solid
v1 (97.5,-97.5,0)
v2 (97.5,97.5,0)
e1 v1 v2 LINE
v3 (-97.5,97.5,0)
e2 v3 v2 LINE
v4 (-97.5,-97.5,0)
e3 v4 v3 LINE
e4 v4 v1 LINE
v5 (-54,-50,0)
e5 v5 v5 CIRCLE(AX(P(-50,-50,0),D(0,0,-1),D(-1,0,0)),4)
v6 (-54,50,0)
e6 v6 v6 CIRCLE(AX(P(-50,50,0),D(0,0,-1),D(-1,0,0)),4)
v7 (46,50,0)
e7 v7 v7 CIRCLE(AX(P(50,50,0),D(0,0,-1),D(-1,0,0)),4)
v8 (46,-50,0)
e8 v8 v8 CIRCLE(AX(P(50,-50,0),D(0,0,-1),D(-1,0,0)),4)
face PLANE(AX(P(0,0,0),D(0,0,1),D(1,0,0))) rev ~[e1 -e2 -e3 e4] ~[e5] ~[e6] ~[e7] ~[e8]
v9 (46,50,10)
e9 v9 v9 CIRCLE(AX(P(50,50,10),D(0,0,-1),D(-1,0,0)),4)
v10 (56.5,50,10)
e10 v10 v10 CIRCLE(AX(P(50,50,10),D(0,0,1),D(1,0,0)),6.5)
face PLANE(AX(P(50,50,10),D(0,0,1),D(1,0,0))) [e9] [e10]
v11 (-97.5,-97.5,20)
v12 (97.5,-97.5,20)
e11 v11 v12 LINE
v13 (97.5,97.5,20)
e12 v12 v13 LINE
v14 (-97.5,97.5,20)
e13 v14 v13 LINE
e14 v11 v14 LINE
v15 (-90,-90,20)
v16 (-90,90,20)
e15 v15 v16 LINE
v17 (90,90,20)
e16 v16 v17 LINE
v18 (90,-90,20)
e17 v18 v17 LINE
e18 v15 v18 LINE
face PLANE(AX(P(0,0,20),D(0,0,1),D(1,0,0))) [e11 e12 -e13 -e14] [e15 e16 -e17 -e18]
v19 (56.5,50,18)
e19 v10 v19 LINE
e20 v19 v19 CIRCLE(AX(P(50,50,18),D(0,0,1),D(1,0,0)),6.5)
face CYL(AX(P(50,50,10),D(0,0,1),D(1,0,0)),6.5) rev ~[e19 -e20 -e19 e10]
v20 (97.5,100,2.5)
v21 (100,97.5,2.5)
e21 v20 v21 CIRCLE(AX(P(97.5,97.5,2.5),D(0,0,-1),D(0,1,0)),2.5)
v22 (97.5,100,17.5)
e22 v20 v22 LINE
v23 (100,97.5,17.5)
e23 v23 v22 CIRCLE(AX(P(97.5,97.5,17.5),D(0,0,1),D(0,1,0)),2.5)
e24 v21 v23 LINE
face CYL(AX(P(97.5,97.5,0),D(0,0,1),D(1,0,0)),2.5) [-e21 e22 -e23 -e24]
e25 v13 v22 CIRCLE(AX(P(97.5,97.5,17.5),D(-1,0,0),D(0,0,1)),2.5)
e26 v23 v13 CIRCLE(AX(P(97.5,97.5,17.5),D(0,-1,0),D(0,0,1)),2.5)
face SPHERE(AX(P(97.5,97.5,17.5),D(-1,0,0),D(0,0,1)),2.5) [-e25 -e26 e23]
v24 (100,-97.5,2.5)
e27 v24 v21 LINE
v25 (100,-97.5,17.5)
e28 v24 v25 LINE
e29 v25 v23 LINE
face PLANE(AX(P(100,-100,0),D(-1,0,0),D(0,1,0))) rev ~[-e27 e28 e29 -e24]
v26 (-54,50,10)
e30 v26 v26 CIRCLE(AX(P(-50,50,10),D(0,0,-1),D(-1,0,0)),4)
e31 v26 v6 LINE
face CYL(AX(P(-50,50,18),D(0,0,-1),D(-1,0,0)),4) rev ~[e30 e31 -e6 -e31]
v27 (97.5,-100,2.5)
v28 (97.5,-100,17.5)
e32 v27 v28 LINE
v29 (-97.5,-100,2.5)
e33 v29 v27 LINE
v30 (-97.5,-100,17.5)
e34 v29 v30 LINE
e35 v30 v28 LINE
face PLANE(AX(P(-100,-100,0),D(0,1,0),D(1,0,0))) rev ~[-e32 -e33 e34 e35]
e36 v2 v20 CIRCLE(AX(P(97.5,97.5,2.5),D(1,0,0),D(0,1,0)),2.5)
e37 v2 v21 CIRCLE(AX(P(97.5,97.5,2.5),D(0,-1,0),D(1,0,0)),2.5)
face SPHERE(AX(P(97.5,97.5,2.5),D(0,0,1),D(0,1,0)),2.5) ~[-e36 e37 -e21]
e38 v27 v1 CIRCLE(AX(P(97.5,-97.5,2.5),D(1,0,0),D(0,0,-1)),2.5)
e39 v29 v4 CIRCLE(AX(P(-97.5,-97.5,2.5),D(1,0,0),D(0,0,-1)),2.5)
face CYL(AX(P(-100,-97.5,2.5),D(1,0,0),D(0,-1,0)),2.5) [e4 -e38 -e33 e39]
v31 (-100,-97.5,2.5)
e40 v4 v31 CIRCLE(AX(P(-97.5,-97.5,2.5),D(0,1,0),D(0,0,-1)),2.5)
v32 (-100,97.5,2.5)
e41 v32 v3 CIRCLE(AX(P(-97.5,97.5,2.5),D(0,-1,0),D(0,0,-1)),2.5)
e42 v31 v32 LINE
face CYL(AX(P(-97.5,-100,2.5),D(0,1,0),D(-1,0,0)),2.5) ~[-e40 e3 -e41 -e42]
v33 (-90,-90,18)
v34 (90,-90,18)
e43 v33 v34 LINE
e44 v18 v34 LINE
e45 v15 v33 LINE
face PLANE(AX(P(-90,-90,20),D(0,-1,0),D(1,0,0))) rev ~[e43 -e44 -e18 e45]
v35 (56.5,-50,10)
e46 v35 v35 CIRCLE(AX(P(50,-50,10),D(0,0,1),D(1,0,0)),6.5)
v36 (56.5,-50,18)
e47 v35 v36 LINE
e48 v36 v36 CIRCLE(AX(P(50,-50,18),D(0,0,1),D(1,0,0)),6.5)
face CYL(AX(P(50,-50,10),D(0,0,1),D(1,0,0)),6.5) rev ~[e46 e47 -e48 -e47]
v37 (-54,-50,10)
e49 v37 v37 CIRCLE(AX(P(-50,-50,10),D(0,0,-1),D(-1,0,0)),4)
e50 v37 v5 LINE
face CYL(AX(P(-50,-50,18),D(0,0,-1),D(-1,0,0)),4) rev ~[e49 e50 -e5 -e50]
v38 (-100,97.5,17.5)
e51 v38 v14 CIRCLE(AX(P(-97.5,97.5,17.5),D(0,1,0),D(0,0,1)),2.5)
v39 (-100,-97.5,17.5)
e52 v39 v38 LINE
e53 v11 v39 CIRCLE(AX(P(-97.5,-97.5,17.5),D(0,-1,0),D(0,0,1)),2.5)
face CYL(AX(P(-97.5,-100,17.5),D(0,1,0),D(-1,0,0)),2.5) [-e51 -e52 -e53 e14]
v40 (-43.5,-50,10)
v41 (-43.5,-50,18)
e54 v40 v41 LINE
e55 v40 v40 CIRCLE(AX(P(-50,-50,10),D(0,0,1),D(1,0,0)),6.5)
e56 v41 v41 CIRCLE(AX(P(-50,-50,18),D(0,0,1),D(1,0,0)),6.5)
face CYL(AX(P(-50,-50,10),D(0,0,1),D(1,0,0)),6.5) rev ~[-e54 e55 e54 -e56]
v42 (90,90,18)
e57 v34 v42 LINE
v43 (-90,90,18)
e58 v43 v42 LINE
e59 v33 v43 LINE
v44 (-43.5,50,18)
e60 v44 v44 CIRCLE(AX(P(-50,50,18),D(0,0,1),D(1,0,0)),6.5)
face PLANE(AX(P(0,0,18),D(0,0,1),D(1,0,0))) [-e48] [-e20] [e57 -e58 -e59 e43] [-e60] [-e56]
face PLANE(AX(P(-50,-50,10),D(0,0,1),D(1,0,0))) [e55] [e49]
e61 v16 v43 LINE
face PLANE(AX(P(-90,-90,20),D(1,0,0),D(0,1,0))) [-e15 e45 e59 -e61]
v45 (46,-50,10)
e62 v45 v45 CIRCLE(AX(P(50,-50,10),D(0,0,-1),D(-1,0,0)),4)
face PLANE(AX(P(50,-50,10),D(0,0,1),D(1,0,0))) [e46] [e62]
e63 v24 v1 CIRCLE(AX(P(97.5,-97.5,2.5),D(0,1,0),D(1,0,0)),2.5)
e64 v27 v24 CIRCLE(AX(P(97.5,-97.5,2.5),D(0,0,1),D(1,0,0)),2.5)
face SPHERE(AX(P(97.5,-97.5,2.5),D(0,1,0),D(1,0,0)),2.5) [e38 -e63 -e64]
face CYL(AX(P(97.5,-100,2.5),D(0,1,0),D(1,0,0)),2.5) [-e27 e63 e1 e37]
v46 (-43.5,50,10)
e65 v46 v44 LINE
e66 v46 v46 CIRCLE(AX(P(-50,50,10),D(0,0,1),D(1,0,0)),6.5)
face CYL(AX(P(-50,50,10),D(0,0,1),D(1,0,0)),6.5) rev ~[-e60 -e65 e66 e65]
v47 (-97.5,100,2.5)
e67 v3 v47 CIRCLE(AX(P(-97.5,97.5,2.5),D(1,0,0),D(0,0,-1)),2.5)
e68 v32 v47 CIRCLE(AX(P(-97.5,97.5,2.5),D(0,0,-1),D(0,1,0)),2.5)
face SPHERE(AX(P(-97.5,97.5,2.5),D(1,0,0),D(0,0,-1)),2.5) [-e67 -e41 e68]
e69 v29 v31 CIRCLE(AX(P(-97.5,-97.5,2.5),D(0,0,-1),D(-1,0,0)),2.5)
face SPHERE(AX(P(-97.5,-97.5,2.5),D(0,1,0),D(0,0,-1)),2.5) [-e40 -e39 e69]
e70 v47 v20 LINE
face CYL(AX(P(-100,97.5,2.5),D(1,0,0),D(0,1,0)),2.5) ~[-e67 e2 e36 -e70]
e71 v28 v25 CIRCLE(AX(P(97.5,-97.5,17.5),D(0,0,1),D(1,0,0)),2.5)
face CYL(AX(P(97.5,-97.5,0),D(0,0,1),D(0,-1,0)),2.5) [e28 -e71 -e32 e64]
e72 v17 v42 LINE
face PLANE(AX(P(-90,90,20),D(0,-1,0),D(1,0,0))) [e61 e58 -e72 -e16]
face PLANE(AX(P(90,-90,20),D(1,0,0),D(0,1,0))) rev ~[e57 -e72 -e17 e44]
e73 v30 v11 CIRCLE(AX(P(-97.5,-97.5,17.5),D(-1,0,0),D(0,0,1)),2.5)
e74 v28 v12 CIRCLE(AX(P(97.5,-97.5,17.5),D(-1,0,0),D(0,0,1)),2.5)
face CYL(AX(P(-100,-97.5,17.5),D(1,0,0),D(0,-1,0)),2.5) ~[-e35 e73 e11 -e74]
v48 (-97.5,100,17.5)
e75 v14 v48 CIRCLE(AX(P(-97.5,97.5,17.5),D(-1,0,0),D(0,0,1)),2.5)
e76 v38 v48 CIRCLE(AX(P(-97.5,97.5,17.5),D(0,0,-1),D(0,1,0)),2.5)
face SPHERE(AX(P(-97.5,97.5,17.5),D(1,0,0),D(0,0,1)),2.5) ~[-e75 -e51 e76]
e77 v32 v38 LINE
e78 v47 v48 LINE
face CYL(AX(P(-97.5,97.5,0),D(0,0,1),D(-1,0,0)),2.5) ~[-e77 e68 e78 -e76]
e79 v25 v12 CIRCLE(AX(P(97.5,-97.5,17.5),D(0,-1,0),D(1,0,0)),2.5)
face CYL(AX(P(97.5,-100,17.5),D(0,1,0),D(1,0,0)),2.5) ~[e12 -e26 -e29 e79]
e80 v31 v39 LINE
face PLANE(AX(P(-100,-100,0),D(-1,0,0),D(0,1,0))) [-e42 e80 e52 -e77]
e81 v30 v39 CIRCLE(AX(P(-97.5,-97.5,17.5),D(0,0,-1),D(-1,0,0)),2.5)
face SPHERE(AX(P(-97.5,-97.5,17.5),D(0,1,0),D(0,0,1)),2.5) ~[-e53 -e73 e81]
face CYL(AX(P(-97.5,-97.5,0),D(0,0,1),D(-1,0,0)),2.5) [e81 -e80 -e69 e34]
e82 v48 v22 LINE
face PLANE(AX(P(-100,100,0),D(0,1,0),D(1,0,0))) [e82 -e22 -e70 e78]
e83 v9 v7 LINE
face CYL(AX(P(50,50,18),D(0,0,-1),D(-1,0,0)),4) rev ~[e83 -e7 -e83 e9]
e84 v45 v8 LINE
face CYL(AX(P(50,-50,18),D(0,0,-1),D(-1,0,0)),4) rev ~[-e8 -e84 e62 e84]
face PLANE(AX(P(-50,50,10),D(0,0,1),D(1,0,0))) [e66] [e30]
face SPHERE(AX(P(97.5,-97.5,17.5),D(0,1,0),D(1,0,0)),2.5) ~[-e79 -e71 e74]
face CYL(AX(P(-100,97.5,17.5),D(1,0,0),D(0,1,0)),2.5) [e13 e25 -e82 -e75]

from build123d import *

# Parameters (mm, degrees)
F0_W           = 200
F0_H           = 200
F1_DEPTH       = 20
F2_R           = 2.5
F3_W           = 180
F3_H           = 180
F4_DEPTH       = 2
F6_D           = 8
F6_CBORE_D     = 13
F6_CBORE_DEPTH = 8


with BuildPart() as f1:
    # F0 (on Top) → F1 (new body)
    with BuildSketch(Plane.XY):
        Rectangle(F0_W, F0_H)
    extrude(amount=F1_DEPTH)

    # F2
    f2_edges = [f1.edges().sort_by_distance(p)[0] for p in [
        (0, 100, 20),
        (100, 0, 20),
        (100, 100, 10),
        (0, 100, 0),
        (100, 0, 0),
        (-100, 0, 0),
        (-100, 0, 20),
        (-100, 100, 10),
        (100, -100, 10),
        (0, -100, 20),
        (0, -100, 0),
        (-100, -100, 10),
    ]]
    fillet(f2_edges, radius=F2_R)

    # F3 (on face) → F4 (cut)
    with BuildSketch(Plane.XY.offset(20)):
        Rectangle(F3_W, F3_H)
    extrude(amount=-F4_DEPTH, mode=Mode.SUBTRACT)

    # F6 (through all)
    with Locations(Plane.XY.offset(18)):
        with Locations((-50, 50), (50, 50), (50, -50), (-50, -50)):
            CounterBoreHole(F6_D / 2, F6_CBORE_D / 2, F6_CBORE_DEPTH)


solid = f1.part
